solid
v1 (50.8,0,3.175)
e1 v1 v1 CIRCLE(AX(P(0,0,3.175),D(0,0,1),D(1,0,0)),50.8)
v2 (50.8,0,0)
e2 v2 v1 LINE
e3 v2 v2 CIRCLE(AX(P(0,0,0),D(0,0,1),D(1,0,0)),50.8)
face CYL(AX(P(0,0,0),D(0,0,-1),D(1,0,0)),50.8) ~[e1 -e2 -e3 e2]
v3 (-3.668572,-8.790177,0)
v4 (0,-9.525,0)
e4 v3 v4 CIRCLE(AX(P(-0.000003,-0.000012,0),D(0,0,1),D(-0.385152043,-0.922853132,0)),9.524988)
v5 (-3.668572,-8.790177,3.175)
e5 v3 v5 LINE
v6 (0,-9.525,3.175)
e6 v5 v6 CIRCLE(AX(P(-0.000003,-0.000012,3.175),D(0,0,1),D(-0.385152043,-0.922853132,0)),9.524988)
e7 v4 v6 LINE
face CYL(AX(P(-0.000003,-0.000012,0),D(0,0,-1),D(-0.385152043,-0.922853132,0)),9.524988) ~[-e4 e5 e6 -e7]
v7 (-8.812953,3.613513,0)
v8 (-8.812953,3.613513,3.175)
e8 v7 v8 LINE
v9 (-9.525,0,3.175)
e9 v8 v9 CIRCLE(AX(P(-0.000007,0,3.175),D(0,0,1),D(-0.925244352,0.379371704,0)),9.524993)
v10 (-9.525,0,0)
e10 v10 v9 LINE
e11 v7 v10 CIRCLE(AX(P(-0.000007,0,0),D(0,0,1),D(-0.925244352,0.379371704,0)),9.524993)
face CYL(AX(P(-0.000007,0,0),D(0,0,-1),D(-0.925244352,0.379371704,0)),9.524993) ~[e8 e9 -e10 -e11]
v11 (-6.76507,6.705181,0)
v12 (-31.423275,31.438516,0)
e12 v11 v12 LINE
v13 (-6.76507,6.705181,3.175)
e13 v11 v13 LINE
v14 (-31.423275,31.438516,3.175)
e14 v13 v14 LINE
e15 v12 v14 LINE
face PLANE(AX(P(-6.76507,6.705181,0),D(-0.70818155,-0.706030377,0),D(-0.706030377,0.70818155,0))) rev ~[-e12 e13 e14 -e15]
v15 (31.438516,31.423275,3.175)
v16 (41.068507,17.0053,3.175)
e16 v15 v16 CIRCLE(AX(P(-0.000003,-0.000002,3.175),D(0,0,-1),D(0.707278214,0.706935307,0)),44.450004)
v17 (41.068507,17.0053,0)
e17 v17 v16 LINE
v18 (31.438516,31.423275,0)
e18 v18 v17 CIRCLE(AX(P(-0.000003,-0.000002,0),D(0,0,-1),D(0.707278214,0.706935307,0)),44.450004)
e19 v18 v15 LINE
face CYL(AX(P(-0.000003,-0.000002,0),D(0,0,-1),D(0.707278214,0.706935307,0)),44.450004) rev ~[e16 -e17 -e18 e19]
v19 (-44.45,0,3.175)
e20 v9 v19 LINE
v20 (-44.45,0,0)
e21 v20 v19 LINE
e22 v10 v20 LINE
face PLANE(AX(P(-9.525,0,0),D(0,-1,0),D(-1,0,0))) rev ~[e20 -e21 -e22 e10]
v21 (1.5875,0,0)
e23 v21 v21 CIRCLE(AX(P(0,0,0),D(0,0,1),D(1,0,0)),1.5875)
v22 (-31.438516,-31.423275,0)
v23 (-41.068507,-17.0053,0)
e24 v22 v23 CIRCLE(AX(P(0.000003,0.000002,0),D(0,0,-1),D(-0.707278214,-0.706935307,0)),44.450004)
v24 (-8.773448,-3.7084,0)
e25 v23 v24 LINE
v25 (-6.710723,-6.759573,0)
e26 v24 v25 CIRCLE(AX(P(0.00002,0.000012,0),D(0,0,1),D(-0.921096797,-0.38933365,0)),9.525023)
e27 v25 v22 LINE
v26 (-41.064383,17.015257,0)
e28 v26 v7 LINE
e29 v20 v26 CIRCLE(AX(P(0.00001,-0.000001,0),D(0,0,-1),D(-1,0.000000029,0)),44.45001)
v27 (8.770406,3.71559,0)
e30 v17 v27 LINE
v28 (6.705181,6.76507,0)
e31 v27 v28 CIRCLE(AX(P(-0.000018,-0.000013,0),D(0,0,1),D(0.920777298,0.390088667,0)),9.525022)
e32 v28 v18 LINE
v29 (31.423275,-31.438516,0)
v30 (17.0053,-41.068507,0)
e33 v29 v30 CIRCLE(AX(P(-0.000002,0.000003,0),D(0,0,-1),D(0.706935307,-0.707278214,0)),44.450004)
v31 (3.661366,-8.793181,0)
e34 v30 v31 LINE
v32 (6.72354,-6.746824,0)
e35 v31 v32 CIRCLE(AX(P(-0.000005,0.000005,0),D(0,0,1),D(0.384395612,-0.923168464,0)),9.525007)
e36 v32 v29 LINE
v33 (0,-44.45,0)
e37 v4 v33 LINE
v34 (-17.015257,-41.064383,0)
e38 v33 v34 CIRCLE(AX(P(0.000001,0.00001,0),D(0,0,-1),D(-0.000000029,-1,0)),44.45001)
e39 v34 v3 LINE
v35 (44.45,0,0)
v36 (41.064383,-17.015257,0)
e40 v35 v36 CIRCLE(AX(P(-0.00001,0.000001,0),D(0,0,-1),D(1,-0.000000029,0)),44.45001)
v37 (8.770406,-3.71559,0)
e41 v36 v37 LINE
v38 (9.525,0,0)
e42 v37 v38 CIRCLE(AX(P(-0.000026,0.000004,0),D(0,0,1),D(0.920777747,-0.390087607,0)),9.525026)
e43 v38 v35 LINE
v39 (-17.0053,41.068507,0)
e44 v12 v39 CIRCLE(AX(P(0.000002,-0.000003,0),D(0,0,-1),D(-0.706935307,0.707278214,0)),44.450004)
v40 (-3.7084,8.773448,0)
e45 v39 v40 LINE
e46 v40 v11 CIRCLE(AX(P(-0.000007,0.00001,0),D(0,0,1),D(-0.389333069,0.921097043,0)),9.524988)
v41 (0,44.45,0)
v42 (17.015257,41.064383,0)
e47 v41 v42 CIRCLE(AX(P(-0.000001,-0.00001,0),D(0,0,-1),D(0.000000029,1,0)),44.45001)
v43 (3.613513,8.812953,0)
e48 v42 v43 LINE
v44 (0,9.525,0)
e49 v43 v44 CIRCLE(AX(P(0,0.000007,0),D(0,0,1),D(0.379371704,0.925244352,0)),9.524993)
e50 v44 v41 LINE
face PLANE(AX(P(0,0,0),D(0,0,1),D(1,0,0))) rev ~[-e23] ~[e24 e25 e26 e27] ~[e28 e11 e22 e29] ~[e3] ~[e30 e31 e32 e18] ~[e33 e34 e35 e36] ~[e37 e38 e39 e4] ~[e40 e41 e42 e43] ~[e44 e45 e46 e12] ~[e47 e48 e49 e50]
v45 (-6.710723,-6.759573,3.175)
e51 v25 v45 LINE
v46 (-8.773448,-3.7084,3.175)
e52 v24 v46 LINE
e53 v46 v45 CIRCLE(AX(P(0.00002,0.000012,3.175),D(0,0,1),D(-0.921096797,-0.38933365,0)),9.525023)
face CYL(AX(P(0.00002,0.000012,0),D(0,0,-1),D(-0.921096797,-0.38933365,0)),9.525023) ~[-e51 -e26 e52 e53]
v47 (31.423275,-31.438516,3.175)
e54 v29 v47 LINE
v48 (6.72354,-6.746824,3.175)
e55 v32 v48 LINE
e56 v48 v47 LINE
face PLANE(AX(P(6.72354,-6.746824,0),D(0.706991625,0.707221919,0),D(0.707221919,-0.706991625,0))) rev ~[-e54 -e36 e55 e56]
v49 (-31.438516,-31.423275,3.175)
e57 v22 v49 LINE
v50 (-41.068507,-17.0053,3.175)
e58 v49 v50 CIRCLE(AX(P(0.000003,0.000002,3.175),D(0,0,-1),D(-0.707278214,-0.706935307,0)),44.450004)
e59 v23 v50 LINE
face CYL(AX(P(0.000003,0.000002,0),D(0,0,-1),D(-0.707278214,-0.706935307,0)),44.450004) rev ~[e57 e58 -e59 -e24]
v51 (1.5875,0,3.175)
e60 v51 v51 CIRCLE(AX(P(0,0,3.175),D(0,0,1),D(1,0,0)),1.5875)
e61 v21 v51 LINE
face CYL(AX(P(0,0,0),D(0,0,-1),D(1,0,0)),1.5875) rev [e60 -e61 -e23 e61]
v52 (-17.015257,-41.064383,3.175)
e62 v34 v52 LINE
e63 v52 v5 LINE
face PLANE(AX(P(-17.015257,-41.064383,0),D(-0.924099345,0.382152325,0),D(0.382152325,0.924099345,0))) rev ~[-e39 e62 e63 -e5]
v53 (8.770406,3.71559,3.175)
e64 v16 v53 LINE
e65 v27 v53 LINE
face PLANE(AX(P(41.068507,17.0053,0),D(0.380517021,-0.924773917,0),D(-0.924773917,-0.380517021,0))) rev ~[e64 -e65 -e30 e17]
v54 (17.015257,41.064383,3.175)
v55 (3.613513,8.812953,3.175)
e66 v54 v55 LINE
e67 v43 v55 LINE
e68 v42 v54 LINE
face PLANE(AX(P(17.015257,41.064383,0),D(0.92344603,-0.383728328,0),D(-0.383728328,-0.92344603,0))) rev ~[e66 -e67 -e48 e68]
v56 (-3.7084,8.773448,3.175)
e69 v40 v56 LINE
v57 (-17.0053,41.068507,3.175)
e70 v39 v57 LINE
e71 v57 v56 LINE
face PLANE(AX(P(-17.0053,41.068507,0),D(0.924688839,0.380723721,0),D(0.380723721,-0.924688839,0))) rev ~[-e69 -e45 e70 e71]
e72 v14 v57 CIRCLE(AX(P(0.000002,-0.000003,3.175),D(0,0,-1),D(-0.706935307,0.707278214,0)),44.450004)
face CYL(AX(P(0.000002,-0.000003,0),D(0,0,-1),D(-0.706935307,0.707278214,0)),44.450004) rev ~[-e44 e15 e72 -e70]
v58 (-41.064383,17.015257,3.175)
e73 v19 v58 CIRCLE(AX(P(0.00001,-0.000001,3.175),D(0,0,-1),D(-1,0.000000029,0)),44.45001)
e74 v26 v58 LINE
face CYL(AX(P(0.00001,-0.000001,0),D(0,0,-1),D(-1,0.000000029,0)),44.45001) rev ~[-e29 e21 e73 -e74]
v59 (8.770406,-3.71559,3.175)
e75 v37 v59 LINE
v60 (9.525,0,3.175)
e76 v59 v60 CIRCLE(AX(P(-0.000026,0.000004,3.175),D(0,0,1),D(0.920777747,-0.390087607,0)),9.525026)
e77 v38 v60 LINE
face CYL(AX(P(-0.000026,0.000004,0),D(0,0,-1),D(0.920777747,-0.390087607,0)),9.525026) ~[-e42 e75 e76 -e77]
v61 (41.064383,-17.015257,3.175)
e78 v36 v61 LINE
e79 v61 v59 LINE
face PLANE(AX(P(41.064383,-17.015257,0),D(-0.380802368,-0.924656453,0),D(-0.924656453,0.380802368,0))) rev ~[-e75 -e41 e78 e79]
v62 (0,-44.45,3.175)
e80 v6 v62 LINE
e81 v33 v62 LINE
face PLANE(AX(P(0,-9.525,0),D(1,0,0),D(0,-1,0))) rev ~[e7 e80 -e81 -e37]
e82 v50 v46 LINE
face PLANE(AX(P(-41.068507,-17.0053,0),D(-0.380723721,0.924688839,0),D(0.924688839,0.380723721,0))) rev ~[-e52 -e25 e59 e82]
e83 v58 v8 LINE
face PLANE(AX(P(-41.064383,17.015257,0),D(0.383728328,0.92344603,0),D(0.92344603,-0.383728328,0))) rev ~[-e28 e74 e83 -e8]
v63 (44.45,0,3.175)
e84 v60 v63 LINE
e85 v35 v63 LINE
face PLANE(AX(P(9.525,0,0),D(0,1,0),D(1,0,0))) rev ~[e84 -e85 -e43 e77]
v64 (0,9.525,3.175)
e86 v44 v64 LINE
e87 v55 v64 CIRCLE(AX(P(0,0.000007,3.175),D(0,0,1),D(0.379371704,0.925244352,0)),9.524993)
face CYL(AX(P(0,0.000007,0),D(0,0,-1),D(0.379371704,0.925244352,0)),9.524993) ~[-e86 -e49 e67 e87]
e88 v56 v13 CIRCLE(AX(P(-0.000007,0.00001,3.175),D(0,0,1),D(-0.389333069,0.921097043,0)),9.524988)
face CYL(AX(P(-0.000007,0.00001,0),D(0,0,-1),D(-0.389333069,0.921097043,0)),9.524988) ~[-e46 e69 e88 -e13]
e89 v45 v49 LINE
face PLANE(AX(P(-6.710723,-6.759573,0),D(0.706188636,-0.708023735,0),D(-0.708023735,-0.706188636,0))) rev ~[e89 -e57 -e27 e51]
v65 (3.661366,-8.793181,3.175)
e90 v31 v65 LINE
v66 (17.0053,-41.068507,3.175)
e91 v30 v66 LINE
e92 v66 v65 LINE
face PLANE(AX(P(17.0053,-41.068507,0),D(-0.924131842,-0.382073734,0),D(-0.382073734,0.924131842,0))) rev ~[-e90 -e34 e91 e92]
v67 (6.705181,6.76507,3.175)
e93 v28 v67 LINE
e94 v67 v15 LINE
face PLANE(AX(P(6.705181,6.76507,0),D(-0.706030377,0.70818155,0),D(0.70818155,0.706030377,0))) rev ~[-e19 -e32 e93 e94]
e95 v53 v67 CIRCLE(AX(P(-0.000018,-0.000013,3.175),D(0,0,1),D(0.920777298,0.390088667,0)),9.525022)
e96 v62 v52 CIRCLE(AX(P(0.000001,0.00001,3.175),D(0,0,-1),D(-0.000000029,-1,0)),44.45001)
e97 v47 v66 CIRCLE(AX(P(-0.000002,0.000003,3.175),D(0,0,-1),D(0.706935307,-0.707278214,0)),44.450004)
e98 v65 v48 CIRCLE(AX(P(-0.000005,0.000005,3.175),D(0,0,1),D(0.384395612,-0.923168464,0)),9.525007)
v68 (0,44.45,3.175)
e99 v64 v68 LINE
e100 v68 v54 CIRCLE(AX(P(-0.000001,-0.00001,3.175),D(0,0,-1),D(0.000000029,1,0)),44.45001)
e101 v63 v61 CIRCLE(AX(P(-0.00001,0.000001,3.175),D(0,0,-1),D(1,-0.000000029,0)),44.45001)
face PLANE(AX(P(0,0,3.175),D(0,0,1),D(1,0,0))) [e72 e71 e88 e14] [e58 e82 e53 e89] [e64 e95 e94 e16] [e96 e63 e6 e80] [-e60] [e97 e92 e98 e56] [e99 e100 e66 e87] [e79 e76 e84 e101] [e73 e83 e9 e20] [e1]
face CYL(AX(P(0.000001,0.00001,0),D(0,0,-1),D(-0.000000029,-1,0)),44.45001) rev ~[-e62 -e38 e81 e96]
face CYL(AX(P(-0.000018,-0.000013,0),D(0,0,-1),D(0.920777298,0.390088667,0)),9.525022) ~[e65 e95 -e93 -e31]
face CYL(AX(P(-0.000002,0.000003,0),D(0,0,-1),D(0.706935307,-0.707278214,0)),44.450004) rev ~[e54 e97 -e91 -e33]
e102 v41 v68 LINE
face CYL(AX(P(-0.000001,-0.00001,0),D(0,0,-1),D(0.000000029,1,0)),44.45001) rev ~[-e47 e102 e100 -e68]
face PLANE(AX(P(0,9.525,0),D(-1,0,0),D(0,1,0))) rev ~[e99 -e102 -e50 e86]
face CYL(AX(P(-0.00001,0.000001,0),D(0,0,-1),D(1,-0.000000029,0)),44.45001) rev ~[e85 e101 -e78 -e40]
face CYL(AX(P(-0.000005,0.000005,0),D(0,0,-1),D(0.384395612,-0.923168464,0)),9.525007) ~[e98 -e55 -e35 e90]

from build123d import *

# Parameters (mm, degrees)
F0_R     = 50.8
F0_R_2   = 1.5875
F1_DEPTH = 3.175


with BuildPart() as f1:
    # F0 (on Top) → F1 (new body)
    with BuildSketch(Plane.XY):
        Circle(F0_R)
        with BuildLine():
            ThreePointArc((-41.064383, 17.015257), (-36.954333, 24.701817), (-31.423275, 31.438516))
            ThreePointArc((-31.423275, 31.438516), (-24.688376, 36.963314), (-17.0053, 41.068507))
            ThreePointArc((-17.0053, 41.068507), (-8.669122, 43.596431), (0, 44.45))
            ThreePointArc((0, 44.45), (8.674407, 43.59538), (17.015257, 41.064383))
            ThreePointArc((17.015257, 41.064383), (24.701817, 36.954333), (31.438516, 31.423275))
            ThreePointArc((31.438516, 31.423275), (36.963314, 24.688376), (41.068507, 17.0053))
            ThreePointArc((41.068507, 17.0053), (43.596431, 8.669122), (44.45, 0))
            ThreePointArc((44.45, 0), (43.59538, -8.674407), (41.064383, -17.015257))
            ThreePointArc((41.064383, -17.015257), (36.954333, -24.701817), (31.423275, -31.438516))
            ThreePointArc((31.423275, -31.438516), (24.688376, -36.963314), (17.0053, -41.068507))
            ThreePointArc((17.0053, -41.068507), (8.669122, -43.596431), (0, -44.45))
            ThreePointArc((0, -44.45), (-8.674407, -43.59538), (-17.015257, -41.064383))
            ThreePointArc((-17.015257, -41.064383), (-24.701817, -36.954333), (-31.438516, -31.423275))
            ThreePointArc((-31.438516, -31.423275), (-36.963314, -24.688376), (-41.068507, -17.0053))
            ThreePointArc((-41.068507, -17.0053), (-43.596431, -8.669122), (-44.45, 0))
            ThreePointArc((-44.45, 0), (-43.59538, 8.674407), (-41.064383, 17.015257))
        make_face(mode=Mode.SUBTRACT)
        with BuildLine():
            ThreePointArc((-3.7084, 8.773448), (-5.337867, 7.888777), (-6.76507, 6.705181))
            ThreePointArc((-6.76507, 6.705181), (-7.940926, 5.259973), (-8.812953, 3.613513))
            ThreePointArc((-8.812953, 3.613513), (-9.345293, 1.8415), (-9.525, 0))
            ThreePointArc((-9.525, 0), (-9.335221, -1.891895), (-8.773448, -3.7084))
            ThreePointArc((-8.773448, -3.7084), (-7.890963, -5.334634), (-6.710723, -6.759573))
            ThreePointArc((-6.710723, -6.759573), (-5.288032, -7.922269), (-3.668572, -8.790177))
            ThreePointArc((-3.668572, -8.790177), (-1.870721, -9.339488), (0, -9.525))
            ThreePointArc((0, -9.525), (1.866893, -9.340253), (3.661366, -8.793181))
            ThreePointArc((3.661366, -8.793181), (5.292302, -7.919417), (6.72354, -6.746824))
            ThreePointArc((6.72354, -6.746824), (7.893839, -5.330379), (8.770406, -3.71559))
            ThreePointArc((8.770406, -3.71559), (9.334445, -1.89572), (9.525, 0))
            ThreePointArc((9.525, 0), (9.334445, 1.89572), (8.770406, 3.71559))
            ThreePointArc((8.770406, 3.71559), (7.886588, 5.3411), (6.705181, 6.76507))
            ThreePointArc((6.705181, 6.76507), (5.259973, 7.940926), (3.613513, 8.812953))
            ThreePointArc((3.613513, 8.812953), (1.8415, 9.345293), (0, 9.525))
            ThreePointArc((0, 9.525), (-1.891895, 9.335221), (-3.7084, 8.773448))
        make_face()
        Circle(F0_R_2, mode=Mode.SUBTRACT)
        with BuildLine():
            Line((-6.76507, 6.705181), (-31.423275, 31.438516))
            ThreePointArc((-31.423275, 31.438516), (-36.954333, 24.701817), (-41.064383, 17.015257))
            Line((-41.064383, 17.015257), (-8.812953, 3.613513))
            ThreePointArc((-8.812953, 3.613513), (-7.940926, 5.259973), (-6.76507, 6.705181))
        make_face()
        with BuildLine():
            ThreePointArc((0, 44.45), (-8.669122, 43.596431), (-17.0053, 41.068507))
            Line((-17.0053, 41.068507), (-3.7084, 8.773448))
            ThreePointArc((-3.7084, 8.773448), (-1.891895, 9.335221), (0, 9.525))
            Line((0, 9.525), (0, 44.45))
        make_face()
        with BuildLine():
            ThreePointArc((31.438516, 31.423275), (24.701817, 36.954333), (17.015257, 41.064383))
            Line((17.015257, 41.064383), (3.613513, 8.812953))
            ThreePointArc((3.613513, 8.812953), (5.259973, 7.940926), (6.705181, 6.76507))
            Line((6.705181, 6.76507), (31.438516, 31.423275))
        make_face()
        with BuildLine():
            ThreePointArc((44.45, 0), (43.596431, 8.669122), (41.068507, 17.0053))
            Line((41.068507, 17.0053), (8.770406, 3.71559))
            ThreePointArc((8.770406, 3.71559), (9.334445, 1.89572), (9.525, 0))
            Line((9.525, 0), (44.45, 0))
        make_face()
        with BuildLine():
            ThreePointArc((31.423275, -31.438516), (36.954333, -24.701817), (41.064383, -17.015257))
            Line((41.064383, -17.015257), (8.770406, -3.71559))
            ThreePointArc((8.770406, -3.71559), (7.893839, -5.330379), (6.72354, -6.746824))
            Line((6.72354, -6.746824), (31.423275, -31.438516))
        make_face()
        with BuildLine():
            Line((0, -9.525), (0, -44.45))
            ThreePointArc((0, -44.45), (8.669122, -43.596431), (17.0053, -41.068507))
            Line((17.0053, -41.068507), (3.661366, -8.793181))
            ThreePointArc((3.661366, -8.793181), (1.866893, -9.340253), (0, -9.525))
        make_face()
        with BuildLine():
            Line((-6.710723, -6.759573), (-31.438516, -31.423275))
            ThreePointArc((-31.438516, -31.423275), (-24.701817, -36.954333), (-17.015257, -41.064383))
            Line((-17.015257, -41.064383), (-3.668572, -8.790177))
            ThreePointArc((-3.668572, -8.790177), (-5.288032, -7.922269), (-6.710723, -6.759573))
        make_face()
        with BuildLine():
            Line((-9.525, 0), (-44.45, 0))
            ThreePointArc((-44.45, 0), (-43.596431, -8.669122), (-41.068507, -17.0053))
            Line((-41.068507, -17.0053), (-8.773448, -3.7084))
            ThreePointArc((-8.773448, -3.7084), (-9.335221, -1.891895), (-9.525, 0))
        make_face()
    extrude(amount=F1_DEPTH)


solid = f1.part
